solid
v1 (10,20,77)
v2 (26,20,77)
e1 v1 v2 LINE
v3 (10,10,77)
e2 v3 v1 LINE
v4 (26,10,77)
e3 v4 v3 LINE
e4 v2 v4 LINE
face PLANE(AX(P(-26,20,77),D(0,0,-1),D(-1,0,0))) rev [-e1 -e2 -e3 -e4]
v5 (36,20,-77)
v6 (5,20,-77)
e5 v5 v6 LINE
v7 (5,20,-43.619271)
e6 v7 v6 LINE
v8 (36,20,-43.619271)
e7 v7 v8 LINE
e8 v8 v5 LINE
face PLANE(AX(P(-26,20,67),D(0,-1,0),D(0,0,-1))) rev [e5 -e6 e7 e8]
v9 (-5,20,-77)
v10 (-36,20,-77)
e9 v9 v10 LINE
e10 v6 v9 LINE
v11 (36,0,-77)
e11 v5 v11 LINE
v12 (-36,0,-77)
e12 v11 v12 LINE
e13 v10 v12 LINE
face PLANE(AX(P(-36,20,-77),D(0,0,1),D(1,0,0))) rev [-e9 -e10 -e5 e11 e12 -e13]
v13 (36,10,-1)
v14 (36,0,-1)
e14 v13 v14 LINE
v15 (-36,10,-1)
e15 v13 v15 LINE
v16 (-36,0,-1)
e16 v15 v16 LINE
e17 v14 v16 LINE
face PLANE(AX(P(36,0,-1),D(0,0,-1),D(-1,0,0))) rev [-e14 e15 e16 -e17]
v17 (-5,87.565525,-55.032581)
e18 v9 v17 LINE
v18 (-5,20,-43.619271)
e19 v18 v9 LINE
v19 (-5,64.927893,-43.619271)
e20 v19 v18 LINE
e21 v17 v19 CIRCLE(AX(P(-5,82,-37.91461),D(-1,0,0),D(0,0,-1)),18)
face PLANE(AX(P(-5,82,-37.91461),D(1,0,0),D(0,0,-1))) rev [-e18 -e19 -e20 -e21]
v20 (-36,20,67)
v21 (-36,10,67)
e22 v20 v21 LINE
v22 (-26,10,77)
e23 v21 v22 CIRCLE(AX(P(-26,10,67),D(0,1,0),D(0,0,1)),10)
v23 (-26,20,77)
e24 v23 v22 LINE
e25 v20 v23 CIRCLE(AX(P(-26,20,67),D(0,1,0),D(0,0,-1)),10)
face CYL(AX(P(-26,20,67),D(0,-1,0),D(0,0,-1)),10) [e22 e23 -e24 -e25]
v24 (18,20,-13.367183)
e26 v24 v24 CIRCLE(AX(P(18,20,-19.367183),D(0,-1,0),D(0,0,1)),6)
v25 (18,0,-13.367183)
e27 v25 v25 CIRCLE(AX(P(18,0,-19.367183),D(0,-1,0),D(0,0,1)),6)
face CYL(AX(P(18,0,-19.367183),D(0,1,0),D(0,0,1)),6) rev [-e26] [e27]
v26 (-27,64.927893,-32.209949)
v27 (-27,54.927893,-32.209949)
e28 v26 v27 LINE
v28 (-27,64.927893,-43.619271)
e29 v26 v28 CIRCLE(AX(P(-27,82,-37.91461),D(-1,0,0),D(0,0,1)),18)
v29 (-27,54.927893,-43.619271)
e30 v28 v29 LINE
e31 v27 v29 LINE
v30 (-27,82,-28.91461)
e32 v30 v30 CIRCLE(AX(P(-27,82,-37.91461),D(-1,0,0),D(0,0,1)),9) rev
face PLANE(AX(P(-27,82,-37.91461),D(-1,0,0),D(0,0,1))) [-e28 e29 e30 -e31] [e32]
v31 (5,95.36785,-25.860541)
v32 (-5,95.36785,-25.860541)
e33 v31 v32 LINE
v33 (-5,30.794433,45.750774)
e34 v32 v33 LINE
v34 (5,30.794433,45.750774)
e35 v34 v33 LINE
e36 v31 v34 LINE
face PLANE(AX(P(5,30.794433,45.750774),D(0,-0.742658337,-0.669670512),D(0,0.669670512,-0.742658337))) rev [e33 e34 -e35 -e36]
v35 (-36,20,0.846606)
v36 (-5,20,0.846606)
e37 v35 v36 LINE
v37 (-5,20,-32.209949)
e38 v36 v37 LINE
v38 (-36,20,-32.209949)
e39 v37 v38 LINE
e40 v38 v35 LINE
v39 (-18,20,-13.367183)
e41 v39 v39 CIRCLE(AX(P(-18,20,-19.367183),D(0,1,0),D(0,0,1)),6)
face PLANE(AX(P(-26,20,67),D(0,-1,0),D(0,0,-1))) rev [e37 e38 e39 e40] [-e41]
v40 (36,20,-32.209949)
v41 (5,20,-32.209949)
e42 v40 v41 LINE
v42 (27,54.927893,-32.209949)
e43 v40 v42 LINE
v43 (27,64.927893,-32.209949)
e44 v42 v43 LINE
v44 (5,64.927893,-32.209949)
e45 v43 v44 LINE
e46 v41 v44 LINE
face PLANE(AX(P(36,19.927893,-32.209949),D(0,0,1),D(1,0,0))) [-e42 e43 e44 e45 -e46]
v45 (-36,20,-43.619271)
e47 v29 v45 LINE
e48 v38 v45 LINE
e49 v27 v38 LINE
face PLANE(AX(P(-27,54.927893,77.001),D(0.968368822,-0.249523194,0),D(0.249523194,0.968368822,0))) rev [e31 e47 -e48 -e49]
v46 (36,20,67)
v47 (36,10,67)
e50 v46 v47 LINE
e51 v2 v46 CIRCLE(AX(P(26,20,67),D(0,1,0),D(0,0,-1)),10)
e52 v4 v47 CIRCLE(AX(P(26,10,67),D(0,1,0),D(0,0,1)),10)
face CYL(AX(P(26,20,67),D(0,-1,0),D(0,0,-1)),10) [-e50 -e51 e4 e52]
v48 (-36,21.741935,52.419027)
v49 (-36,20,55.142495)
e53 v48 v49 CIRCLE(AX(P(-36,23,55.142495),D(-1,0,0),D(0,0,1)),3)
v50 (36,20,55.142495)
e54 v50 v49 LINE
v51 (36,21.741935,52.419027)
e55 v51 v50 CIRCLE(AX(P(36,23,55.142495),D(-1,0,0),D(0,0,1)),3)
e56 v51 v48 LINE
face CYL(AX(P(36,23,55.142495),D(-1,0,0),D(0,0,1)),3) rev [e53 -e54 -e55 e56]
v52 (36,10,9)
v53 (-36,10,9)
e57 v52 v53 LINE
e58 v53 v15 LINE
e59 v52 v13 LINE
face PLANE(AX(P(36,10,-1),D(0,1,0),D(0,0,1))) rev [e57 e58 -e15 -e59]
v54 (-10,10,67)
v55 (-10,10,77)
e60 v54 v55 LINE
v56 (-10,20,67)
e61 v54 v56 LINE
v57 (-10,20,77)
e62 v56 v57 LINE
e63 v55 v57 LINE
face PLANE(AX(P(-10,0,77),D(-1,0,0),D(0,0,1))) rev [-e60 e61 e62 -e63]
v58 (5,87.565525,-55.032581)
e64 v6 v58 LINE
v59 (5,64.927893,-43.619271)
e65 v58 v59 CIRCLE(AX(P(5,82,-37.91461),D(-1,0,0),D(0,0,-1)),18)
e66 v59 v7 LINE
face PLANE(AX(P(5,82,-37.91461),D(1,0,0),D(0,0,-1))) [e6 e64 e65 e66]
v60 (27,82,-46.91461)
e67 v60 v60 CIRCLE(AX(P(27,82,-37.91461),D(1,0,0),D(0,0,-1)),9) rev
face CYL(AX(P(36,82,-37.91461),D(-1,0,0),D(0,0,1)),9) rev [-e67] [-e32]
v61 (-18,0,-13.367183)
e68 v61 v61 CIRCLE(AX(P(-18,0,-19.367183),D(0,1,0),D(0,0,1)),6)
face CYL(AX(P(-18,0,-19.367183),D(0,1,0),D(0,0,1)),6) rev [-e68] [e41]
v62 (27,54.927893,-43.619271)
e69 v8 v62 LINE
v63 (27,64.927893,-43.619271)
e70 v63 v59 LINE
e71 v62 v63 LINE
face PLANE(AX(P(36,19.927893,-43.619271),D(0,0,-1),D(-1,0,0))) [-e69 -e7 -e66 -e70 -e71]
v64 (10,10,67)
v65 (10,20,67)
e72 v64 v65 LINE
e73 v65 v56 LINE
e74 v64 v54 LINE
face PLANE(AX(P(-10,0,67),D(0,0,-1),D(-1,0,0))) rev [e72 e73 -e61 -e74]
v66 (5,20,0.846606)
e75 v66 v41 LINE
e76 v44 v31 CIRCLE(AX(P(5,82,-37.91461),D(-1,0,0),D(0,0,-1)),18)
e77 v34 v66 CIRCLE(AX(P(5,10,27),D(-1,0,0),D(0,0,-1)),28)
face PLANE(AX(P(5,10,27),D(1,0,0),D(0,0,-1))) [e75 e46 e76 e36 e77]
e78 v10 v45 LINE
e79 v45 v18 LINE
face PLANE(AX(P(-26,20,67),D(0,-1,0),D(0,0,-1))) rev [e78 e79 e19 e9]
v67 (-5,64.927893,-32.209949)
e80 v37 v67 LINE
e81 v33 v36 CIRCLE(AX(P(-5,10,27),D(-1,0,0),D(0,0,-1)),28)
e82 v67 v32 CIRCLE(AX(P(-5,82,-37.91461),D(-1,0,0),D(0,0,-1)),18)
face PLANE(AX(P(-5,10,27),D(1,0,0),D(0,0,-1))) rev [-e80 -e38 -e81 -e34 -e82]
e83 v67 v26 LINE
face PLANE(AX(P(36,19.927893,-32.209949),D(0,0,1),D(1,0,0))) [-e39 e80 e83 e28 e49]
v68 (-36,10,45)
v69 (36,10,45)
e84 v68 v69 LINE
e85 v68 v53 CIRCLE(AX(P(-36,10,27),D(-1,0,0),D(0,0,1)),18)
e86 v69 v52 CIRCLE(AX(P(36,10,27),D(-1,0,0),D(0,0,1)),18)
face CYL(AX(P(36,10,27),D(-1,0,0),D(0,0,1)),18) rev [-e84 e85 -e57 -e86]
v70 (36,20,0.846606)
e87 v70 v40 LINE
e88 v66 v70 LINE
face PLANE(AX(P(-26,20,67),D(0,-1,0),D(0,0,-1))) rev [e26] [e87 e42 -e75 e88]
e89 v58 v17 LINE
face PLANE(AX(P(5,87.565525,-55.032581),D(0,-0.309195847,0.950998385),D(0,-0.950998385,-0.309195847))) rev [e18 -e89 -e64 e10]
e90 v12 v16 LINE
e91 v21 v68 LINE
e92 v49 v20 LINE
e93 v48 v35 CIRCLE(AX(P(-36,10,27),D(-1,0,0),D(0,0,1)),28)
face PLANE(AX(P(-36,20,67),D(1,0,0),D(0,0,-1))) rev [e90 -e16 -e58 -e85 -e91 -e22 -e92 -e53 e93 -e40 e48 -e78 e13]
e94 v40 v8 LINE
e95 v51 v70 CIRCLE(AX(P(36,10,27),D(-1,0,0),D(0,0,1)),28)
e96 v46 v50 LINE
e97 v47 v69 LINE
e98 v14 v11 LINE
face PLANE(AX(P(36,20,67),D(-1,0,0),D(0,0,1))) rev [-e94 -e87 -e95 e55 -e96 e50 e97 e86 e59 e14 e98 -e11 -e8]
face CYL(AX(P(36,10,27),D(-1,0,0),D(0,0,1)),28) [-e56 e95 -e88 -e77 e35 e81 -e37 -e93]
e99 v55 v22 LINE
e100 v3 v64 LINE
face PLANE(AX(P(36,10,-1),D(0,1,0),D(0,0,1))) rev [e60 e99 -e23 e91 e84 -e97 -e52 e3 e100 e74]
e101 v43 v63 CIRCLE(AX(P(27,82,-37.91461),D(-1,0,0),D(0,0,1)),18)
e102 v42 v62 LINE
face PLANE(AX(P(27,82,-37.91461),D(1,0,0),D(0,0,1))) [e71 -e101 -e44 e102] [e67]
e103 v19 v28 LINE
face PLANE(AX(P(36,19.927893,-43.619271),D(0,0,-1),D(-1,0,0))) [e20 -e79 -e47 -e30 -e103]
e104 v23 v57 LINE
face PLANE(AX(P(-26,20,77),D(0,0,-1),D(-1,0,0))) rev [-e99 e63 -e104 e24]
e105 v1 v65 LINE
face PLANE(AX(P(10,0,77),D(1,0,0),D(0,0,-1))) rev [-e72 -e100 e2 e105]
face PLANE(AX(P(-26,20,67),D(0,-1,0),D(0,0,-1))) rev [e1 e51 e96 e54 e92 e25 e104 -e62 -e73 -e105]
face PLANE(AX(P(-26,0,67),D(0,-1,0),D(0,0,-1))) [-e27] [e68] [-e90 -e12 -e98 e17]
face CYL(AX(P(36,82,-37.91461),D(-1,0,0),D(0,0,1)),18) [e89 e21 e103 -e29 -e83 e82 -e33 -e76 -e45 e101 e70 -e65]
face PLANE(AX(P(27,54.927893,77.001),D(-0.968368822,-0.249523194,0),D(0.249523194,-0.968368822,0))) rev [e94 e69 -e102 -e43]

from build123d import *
from build123d.topology import SkipClean

# Parameters (mm, degrees)
BOSS_EXTRUDE1_DEPTH      = 20
SKETCH3_W                = 78
SKETCH3_H                = 10
CUT_EXTRUDE1_DEPTH       = 108.29864864
SKETCH5_W                = 20
SKETCH5_H                = 10
CUT_EXTRUDE2_DEPTH       = 88.321245983
BOSS_EXTRUDE3_DEPTH      = 72
SKETCH10_R               = 18
CUT_EXTRUDE4_DEPTH       = 113.058020686
SKETCH11_R               = 6
CUT_EXTRUDE5_DEPTH       = 88.321245983
SKETCH14_R               = 18
SKETCH14_R_2             = 9
BOSS_EXTRUDE4_DEPTH      = 72
SKETCH19_R               = 18
CUT_EXTRUDE6_DEPTH       = 9
BOSS_EXTRUDE5_DEPTH      = 9
BOSS_EXTRUDE5_DEPTH_BACK = 63
CUT_EXTRUDE8_DEPTH       = 42.619271
BOSS_EXTRUDE6_DEPTH      = 5
BOSS_EXTRUDE7_DEPTH      = 5


with BuildPart() as part:
    # Sketch1 → Boss-Extrude1 (new body)
    with BuildSketch(Plane(origin=(0, 0, 0), x_dir=(1, 0, 0), z_dir=(0, 1, 0))):
        with BuildLine():
            Line((-26, -77), (26, -77))
            ThreePointArc((26, -77), (33.071067812, -74.071067812), (36, -67))
            Line((36, -67), (36, 77))
            Line((36, 77), (-36, 77))
            Line((-36, 77), (-36, -67))
            ThreePointArc((-36, -67), (-33.071067812, -74.071067812), (-26, -77))
        make_face()
    extrude(amount=BOSS_EXTRUDE1_DEPTH)

    # Sketch3 → Cut-Extrude1 (cut, through all)
    with BuildSketch(Plane.ZY.offset(36)):
        with Locations((38, 5)):
            Rectangle(SKETCH3_W, SKETCH3_H)
    extrude(amount=-CUT_EXTRUDE1_DEPTH, mode=Mode.SUBTRACT)

    # Sketch5 → Cut-Extrude2 (cut, through all)
    with BuildSketch(Plane(origin=(0, 20, 0), x_dir=(1, 0, 0), z_dir=(0, 1, 0))):
        with Locations((0, -72)):
            Rectangle(SKETCH5_W, SKETCH5_H)
    extrude(amount=-CUT_EXTRUDE2_DEPTH, mode=Mode.SUBTRACT)

    # Sketch9 → Boss-Extrude3 (add, through all)
    with BuildSketch(Plane.ZY.offset(36)):
        with BuildLine():
            ThreePointArc((52.419027344, 21.741935484), (26.054797228, 37.984041733), (0.846606339, 20))
            Line((0.846606339, 20), (12.033370453, 20))
            ThreePointArc((12.033370453, 20), (27, 28), (41.966629547, 20))
            Line((41.966629547, 20), (53.153393661, 20))
            Line((53.153393661, 20), (55.142494559, 20))
            ThreePointArc((55.142494559, 20), (53.526046841, 20.472729382), (52.419027344, 21.741935484))
        make_face()
        with BuildLine():
            ThreePointArc((41.966629547, 20), (44.22497216, 15.22497216), (45, 10))
            Line((45, 10), (55, 10))
            ThreePointArc((55, 10), (54.534478591, 15.08453427), (53.153393661, 20))
            Line((53.153393661, 20), (41.966629547, 20))
        make_face()
        with BuildLine():
            ThreePointArc((0.846606339, 20), (-0.534478591, 15.08453427), (-1, 10))
            Line((-1, 10), (9, 10))
            ThreePointArc((9, 10), (9.77502784, 15.22497216), (12.033370453, 20))
            Line((12.033370453, 20), (0.846606339, 20))
        make_face()
    extrude(amount=-BOSS_EXTRUDE3_DEPTH)

    # Sketch10 → Cut-Extrude4 (cut, through all)
    with SkipClean():  # the faces are left unmerged after this step: merging them gives an invalid solid
        with BuildSketch(Plane.ZY.offset(36)):
            with Locations((27, 10)):
                Circle(SKETCH10_R)
        extrude(amount=-CUT_EXTRUDE4_DEPTH, mode=Mode.SUBTRACT)

    # Sketch11 → Cut-Extrude5 (cut, through all)
    with SkipClean():  # the faces are left unmerged after this step: merging them gives an invalid solid
        with BuildSketch(Plane(origin=(0, 20, 0), x_dir=(1, 0, 0), z_dir=(0, 1, 0))):
            with Locations(Location((-18, 19.367183159, 0), (0, 0, 270))):
                Circle(SKETCH11_R)
        cut_extrude5 = extrude(amount=-CUT_EXTRUDE5_DEPTH, mode=Mode.SUBTRACT)

    # Mirror1: Cut-Extrude5 across plane
    with SkipClean():  # the faces are left unmerged after this step: merging them gives an invalid solid
        add(cut_extrude5.mirror(Plane(origin=(0, 0, 0), x_dir=(0, 0, 1), z_dir=(1, 0, 0))), mode=Mode.SUBTRACT)



with BuildPart() as body_2:
    # Sketch14 → Boss-Extrude4 (new, through all)
    with BuildSketch(Plane.ZY.offset(36)):
        with Locations((-37.91461026, 82)):
            Circle(SKETCH14_R)
        with Locations((-37.91461026, 82)):
            Circle(SKETCH14_R_2, mode=Mode.SUBTRACT)
    extrude(amount=-BOSS_EXTRUDE4_DEPTH)

    # Sketch19 → Cut-Extrude6 (cut)
    with BuildSketch(Plane.ZY.offset(36)):
        with Locations((-37.91461026, 82)):
            Circle(SKETCH19_R)
    cut_extrude6 = extrude(amount=-CUT_EXTRUDE6_DEPTH, mode=Mode.SUBTRACT)

    # Mirror2: Cut-Extrude6 across plane
    add(cut_extrude6.mirror(Plane(origin=(0, 0, 0), x_dir=(0, 0, 1), z_dir=(1, 0, 0))), mode=Mode.SUBTRACT)

    # Sketch21 → Boss-Extrude5 (add, two sides: drawn at the far end of the back side and taken through both)
    with BuildSketch(Plane.ZY.offset(27).offset(-BOSS_EXTRUDE5_DEPTH_BACK)):
        with BuildLine():
            Line((-32.209949075, 19.927892902), (-43.619271445, 19.927892902))
            Line((-43.619271445, 19.927892902), (-43.619271445, 64.927892902))
            ThreePointArc((-43.619271445, 64.927892902), (-37.91461026, 64), (-32.209949075, 64.927892902))
            Line((-32.209949075, 64.927892902), (-32.209949075, 19.927892902))
        make_face()
    extrude(amount=BOSS_EXTRUDE5_DEPTH + BOSS_EXTRUDE5_DEPTH_BACK)

    # Sketch24 → Cut-Extrude8 (cut)
    with BuildSketch(Plane(origin=(0, 0, -43.619271445), x_dir=(-1, 0, 0), z_dir=(0, 0, -1))):
        Polygon((-27, 64.927892902), (-27, 54.927892902), (-36, 20), (-36, 64.927892902), align=None)
        Polygon((27, 64.927892902), (27, 54.927892902), (36, 20), (36, 64.927892902), align=None)
    extrude(amount=-CUT_EXTRUDE8_DEPTH, mode=Mode.SUBTRACT)


with BuildPart() as part_1:
    with SkipClean():  # the faces are left unmerged after this step: merging them gives an invalid solid
        add(part.part)

        add(body_2.part)  # Boss-Extrude6 merges body 2
        # Sketch30 → Boss-Extrude6 (add, symmetric)
        with BuildSketch(Plane(origin=(0, 0, 0), x_dir=(0, 0, -1), z_dir=(1, 0, 0))):
            with BuildLine():
                Line((-45.750774329, 30.794433439), (25.860541049, 95.367850068))
                ThreePointArc((25.860541049, 95.367850068), (20.293859016, 78.324523758), (32.209949075, 64.927892902))
                Line((32.209949075, 64.927892902), (32.209949075, 20))
                Line((32.209949075, 20), (-0.846606339, 20))
                ThreePointArc((-0.846606339, 20), (-20.455564076, 37.224444135), (-45.750774329, 30.794433439))
            make_face()
        extrude(amount=BOSS_EXTRUDE6_DEPTH, both=True)

    # Sketch31 → Boss-Extrude7 (add, symmetric)
    with SkipClean():  # the faces are left unmerged after this step: merging them gives an invalid solid
        with BuildSketch(Plane(origin=(0, 0, 0), x_dir=(0, 0, -1), z_dir=(1, 0, 0))):
            with BuildLine():
                Line((43.619271445, 64.927892902), (43.619271445, 20))
                Line((43.619271445, 20), (77, 20))
                Line((77, 20), (55.032581189, 87.565525247))
                ThreePointArc((55.032581189, 87.565525247), (53.987373983, 73.896527516), (43.619271445, 64.927892902))
            make_face()
        extrude(amount=BOSS_EXTRUDE7_DEPTH, both=True)


solid = part_1.part
